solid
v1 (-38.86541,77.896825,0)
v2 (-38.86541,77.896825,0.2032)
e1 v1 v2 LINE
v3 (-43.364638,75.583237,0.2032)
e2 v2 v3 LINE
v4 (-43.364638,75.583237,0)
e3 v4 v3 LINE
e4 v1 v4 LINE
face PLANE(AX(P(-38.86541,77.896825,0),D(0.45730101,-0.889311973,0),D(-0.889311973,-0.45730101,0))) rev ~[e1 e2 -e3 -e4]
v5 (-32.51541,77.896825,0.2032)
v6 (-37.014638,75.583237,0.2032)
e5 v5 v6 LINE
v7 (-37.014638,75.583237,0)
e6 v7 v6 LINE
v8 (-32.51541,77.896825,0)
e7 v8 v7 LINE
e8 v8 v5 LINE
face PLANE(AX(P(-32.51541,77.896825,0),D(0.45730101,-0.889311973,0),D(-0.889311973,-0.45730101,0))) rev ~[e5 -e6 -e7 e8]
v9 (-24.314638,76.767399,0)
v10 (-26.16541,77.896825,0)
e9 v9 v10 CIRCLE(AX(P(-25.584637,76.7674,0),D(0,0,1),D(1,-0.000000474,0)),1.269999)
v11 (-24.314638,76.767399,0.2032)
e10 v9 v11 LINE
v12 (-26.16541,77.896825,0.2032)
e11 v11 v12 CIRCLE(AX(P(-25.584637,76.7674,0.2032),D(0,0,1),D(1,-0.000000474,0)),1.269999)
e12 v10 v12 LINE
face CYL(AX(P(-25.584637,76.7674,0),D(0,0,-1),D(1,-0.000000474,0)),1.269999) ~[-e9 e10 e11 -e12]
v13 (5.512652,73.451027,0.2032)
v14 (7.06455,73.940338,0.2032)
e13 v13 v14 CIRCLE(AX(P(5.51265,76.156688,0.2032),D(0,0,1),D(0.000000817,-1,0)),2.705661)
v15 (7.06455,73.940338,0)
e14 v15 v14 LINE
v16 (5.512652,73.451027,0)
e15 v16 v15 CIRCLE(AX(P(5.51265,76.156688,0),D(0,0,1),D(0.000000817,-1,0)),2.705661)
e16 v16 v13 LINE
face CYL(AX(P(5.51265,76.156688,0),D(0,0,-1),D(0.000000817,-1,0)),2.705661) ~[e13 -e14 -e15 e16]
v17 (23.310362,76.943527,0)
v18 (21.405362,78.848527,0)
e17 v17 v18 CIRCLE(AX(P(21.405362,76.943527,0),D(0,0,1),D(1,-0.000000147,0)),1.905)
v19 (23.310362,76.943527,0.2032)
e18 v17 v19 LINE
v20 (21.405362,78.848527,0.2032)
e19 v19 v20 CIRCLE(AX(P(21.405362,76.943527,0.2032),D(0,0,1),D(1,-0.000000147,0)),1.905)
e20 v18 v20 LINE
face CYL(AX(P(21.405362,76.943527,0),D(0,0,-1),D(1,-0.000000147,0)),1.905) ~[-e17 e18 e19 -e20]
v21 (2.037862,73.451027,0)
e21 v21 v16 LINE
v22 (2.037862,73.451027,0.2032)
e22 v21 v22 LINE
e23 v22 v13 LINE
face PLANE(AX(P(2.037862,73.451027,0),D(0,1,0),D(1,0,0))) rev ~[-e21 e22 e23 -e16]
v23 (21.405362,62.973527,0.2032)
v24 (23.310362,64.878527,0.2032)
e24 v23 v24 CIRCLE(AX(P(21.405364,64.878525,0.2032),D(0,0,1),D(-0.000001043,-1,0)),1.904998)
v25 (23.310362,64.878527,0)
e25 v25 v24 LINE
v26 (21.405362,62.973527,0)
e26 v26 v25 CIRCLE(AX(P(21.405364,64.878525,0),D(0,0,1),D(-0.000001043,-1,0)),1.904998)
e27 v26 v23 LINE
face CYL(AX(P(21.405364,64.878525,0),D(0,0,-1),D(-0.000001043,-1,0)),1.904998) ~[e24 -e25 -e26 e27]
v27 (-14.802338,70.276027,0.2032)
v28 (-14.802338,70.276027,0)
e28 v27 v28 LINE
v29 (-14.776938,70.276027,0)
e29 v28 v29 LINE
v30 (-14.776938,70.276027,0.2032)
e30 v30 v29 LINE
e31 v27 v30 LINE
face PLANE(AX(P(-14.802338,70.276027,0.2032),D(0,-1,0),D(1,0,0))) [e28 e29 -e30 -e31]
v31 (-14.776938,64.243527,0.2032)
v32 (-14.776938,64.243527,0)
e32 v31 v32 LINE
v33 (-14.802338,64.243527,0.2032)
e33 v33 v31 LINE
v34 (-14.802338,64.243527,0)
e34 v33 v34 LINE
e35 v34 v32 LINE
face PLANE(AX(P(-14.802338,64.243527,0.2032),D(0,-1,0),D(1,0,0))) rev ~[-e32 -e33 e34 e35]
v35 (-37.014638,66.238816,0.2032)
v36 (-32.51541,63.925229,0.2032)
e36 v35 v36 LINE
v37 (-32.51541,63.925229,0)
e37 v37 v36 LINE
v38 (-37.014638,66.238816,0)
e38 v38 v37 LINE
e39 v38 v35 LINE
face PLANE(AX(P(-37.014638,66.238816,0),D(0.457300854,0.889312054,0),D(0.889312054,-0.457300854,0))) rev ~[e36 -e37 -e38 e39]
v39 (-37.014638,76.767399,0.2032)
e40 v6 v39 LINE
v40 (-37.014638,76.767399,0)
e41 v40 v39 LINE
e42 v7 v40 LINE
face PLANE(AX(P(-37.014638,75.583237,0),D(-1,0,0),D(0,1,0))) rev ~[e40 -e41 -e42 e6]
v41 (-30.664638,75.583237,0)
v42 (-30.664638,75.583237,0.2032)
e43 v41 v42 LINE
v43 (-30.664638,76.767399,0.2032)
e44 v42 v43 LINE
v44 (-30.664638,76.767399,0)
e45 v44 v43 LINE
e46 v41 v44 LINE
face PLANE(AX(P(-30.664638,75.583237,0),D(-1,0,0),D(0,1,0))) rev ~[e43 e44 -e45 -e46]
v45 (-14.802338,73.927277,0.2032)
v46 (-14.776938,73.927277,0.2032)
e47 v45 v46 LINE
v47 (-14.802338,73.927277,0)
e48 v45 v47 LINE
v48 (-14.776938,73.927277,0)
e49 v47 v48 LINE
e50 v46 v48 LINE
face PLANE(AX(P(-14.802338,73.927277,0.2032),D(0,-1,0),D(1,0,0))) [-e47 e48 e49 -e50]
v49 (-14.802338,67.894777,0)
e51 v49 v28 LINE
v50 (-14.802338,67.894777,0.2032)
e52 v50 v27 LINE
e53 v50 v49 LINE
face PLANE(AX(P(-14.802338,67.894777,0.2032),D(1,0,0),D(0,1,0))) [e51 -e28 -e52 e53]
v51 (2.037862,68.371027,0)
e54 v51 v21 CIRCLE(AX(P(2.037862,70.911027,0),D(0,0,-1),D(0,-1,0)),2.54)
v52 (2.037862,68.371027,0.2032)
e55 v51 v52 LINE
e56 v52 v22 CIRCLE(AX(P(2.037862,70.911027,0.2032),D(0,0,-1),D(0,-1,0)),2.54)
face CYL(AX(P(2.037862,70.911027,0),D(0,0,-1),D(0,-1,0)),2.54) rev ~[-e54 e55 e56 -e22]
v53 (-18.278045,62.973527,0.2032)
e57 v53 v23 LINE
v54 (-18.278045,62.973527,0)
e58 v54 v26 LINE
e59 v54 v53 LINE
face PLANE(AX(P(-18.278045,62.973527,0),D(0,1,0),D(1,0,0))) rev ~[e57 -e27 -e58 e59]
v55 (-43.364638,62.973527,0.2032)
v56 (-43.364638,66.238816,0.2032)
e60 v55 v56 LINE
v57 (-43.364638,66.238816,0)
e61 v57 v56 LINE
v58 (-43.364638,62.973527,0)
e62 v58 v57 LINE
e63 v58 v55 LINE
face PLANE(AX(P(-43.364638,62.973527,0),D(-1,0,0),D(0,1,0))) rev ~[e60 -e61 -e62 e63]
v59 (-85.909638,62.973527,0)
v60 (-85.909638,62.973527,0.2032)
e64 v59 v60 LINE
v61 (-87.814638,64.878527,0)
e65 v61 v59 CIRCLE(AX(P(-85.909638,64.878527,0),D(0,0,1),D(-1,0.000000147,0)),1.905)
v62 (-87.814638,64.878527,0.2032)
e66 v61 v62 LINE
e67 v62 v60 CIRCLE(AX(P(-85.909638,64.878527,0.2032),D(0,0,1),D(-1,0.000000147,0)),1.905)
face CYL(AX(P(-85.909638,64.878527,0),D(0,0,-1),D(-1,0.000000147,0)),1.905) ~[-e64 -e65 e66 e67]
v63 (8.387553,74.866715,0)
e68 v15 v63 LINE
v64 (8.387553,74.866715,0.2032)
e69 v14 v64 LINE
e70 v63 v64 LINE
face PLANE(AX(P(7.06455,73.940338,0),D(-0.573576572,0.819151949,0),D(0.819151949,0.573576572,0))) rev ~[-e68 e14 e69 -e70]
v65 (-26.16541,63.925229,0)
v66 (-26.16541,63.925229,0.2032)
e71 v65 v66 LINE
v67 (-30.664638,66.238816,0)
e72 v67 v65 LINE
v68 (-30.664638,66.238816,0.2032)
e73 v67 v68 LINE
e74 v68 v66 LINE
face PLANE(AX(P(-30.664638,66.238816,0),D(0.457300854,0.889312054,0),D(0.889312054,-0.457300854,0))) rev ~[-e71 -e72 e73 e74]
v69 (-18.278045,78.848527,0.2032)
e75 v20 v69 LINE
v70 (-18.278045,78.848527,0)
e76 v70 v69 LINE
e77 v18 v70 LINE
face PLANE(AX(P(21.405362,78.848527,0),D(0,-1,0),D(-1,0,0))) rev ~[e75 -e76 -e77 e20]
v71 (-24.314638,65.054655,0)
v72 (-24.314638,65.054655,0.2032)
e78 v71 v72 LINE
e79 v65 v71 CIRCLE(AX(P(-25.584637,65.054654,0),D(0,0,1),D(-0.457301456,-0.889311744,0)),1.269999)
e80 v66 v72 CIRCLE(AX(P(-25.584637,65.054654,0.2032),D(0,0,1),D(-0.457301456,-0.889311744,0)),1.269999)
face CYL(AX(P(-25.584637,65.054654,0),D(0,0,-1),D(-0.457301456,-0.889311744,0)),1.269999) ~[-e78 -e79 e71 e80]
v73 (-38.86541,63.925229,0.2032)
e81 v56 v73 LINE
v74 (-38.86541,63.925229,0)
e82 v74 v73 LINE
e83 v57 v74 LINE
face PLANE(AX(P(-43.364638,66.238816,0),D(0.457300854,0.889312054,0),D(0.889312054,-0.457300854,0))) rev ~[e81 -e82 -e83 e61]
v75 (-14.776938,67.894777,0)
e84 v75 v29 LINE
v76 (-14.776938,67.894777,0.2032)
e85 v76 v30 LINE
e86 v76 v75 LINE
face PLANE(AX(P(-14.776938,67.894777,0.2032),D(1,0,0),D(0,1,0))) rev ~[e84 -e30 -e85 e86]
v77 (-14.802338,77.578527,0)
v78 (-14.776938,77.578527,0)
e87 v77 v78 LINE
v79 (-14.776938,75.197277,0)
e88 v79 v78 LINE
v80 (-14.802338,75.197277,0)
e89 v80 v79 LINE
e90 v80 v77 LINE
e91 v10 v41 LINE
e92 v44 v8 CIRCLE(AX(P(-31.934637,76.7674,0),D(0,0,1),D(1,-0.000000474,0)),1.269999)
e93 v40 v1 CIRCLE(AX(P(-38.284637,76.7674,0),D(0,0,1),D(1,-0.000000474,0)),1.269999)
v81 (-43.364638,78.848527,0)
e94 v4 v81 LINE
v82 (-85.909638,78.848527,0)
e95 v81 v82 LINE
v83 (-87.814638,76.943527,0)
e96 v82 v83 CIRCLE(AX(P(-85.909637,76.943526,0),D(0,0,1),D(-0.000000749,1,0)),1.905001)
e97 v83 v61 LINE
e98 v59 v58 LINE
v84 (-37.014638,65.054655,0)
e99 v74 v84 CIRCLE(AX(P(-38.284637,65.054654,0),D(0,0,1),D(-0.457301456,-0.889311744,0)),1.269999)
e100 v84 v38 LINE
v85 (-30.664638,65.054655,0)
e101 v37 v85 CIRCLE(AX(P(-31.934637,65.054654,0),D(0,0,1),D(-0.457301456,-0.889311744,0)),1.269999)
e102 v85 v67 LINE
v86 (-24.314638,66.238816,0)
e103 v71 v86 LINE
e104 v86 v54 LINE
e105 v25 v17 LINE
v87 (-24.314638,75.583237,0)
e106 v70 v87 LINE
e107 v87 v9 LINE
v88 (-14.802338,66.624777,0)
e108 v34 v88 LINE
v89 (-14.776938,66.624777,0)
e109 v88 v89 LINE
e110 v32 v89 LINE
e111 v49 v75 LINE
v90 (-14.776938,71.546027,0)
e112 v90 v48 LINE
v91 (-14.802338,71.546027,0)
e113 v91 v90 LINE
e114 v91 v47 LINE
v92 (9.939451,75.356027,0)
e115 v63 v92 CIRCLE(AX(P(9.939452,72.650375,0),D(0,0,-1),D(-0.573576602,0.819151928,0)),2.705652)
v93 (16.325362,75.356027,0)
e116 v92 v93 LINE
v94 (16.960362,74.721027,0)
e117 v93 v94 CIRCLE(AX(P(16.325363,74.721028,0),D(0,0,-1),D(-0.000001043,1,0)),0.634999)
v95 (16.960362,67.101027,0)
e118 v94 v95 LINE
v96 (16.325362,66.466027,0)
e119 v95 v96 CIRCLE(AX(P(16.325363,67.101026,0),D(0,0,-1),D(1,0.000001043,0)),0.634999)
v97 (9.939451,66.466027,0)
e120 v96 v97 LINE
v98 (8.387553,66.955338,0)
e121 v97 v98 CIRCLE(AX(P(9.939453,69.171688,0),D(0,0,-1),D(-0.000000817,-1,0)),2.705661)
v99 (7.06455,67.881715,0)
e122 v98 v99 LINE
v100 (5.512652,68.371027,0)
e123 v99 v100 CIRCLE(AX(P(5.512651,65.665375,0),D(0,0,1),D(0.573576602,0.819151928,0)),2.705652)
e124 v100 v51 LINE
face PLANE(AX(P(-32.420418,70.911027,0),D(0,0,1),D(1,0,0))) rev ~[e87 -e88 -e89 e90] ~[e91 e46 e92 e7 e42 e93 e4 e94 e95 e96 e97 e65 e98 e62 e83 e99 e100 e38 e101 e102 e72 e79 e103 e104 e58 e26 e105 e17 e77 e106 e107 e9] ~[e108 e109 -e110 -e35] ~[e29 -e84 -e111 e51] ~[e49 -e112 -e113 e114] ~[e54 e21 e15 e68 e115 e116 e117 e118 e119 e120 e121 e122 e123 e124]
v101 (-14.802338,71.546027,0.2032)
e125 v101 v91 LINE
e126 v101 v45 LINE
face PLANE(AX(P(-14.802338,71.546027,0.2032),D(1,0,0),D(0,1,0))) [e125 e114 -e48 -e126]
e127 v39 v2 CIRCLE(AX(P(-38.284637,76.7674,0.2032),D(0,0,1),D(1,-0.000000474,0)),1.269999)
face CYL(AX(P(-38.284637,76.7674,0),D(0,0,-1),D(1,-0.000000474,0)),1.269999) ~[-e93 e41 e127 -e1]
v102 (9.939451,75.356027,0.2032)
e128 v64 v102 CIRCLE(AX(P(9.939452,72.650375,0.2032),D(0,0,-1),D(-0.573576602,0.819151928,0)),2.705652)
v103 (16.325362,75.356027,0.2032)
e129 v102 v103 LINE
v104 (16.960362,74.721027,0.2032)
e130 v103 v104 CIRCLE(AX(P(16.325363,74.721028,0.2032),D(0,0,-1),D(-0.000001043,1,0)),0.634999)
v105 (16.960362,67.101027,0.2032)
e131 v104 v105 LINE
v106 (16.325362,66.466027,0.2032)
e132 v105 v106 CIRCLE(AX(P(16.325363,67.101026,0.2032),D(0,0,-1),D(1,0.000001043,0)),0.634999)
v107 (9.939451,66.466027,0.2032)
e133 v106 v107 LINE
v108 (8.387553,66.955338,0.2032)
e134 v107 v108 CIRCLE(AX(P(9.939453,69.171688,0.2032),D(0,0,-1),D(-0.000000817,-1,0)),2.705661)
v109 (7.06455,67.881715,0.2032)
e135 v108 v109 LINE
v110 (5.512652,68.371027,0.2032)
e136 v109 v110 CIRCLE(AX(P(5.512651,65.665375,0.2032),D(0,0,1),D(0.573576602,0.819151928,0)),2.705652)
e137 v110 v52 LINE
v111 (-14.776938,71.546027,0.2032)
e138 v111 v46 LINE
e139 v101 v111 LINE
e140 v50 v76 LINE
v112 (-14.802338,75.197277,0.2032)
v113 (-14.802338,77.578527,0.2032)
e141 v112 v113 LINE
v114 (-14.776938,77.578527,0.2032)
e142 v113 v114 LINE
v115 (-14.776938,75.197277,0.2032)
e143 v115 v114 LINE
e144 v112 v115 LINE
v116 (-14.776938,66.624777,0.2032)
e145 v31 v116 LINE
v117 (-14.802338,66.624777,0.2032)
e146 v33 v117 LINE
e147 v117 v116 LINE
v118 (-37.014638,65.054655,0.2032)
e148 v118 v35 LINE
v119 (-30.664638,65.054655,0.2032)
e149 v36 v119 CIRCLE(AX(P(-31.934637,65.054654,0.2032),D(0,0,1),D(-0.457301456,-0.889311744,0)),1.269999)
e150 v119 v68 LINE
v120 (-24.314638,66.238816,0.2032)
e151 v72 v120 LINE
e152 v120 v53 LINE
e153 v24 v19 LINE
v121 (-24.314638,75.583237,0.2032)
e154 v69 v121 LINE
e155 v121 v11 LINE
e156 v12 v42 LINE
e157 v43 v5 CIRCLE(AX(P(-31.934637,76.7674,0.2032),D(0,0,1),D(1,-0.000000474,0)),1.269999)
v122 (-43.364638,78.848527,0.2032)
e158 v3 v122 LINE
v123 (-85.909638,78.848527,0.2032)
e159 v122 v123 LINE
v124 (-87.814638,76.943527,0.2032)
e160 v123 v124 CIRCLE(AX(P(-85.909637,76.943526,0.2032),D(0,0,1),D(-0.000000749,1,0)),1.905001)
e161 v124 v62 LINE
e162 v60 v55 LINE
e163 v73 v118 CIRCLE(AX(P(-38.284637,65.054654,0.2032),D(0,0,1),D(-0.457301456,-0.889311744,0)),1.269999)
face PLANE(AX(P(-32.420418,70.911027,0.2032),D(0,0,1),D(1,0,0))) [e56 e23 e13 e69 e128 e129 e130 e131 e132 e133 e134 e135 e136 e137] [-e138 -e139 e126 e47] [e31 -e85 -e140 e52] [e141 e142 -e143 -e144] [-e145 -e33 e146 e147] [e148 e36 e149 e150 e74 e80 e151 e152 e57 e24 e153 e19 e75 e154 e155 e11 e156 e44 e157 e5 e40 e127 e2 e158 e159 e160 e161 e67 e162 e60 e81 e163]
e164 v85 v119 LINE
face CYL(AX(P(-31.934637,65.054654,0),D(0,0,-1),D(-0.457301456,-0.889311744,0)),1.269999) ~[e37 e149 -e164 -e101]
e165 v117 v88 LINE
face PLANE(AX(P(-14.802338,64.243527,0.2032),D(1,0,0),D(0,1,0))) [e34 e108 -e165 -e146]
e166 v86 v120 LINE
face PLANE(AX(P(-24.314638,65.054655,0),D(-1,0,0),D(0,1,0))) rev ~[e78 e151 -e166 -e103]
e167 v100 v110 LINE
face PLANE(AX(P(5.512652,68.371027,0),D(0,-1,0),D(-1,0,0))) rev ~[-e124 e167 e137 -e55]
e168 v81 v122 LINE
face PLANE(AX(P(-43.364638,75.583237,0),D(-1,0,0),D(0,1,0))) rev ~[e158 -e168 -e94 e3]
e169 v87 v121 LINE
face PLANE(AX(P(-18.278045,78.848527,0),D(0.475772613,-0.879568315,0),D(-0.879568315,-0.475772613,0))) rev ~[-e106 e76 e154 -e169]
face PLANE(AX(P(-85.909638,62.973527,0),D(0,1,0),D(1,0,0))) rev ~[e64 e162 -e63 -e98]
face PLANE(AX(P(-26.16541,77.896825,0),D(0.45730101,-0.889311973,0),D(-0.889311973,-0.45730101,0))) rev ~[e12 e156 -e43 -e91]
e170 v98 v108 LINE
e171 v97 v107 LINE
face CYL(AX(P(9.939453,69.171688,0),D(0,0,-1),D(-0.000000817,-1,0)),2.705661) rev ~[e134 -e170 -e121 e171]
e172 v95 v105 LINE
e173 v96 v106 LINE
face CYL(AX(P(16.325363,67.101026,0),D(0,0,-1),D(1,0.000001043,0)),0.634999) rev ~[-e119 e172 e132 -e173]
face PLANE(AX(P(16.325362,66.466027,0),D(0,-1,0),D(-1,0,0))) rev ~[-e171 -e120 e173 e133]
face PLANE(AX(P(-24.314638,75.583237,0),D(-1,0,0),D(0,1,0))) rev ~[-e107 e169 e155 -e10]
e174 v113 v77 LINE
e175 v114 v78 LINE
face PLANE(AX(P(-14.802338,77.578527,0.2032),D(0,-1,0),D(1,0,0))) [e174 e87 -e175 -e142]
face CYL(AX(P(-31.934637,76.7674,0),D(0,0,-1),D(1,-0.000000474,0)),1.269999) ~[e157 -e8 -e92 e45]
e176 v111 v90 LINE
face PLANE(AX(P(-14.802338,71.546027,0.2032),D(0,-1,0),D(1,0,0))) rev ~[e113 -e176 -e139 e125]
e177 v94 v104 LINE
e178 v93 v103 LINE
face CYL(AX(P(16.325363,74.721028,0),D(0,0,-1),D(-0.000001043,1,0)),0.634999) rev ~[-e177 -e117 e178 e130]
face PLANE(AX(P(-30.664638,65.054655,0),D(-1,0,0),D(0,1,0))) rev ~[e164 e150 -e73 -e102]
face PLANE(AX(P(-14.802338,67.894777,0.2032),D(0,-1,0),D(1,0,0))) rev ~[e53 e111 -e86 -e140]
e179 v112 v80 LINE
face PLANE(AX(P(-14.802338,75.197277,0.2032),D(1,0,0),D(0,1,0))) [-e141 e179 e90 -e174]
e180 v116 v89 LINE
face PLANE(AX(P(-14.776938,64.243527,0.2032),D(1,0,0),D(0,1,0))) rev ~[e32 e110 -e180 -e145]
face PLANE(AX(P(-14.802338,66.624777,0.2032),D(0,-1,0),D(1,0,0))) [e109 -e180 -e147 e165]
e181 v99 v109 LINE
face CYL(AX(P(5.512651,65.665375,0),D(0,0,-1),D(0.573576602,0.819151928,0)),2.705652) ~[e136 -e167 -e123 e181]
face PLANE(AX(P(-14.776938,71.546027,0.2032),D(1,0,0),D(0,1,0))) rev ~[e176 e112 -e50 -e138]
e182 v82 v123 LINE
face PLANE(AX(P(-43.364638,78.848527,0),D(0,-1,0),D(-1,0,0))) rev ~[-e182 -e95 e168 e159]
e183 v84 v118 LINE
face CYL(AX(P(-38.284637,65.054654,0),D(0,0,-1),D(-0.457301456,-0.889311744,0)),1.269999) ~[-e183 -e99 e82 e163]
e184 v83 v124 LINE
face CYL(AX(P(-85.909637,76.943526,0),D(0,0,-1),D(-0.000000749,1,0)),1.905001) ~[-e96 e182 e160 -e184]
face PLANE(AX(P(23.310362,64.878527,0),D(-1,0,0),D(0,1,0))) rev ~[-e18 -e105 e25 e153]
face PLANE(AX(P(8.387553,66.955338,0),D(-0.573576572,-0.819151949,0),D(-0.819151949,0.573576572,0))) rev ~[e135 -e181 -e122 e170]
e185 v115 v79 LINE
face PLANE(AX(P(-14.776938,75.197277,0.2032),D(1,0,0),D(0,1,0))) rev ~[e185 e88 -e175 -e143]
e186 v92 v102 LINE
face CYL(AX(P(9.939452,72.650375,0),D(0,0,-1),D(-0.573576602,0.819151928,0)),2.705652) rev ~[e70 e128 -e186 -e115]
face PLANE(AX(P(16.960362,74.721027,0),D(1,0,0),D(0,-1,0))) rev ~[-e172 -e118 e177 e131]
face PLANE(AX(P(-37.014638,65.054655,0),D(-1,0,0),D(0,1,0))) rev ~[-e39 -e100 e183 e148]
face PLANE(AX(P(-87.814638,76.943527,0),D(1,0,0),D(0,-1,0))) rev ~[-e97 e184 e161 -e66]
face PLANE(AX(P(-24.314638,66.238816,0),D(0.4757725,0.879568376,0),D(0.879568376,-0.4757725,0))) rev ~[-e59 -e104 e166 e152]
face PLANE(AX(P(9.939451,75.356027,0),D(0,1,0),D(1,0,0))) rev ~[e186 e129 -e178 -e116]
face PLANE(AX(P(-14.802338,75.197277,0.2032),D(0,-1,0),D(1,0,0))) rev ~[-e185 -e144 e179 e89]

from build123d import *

# Parameters (mm, degrees)
F1_DEPTH = 0.2032
F2_W     = 0.0254
F2_H     = 2.38125
F3_DEPTH = 25.4


with BuildPart() as f1:
    # F0 (on Top) → F1 (new body)
    with BuildSketch(Plane.XY):
        with BuildLine():
            Line((-50.984638, 78.848527), (-85.909638, 78.848527))
            ThreePointArc((-85.909638, 78.848527), (-87.256676, 78.290565), (-87.814638, 76.943527))
            Line((-87.814638, 76.943527), (-87.814638, 64.878527))
            ThreePointArc((-87.814638, 64.878527), (-87.256676, 63.531488), (-85.909638, 62.973527))
            Line((-85.909638, 62.973527), (-50.984638, 62.973527))
            Line((-50.984638, 62.973527), (-43.364638, 62.973527))
            Line((-43.364638, 62.973527), (-43.364638, 65.054655))
            Line((-43.364638, 65.054655), (-43.364638, 66.238816))
            Line((-43.364638, 66.238816), (-38.86541, 63.925229))
            ThreePointArc((-38.86541, 63.925229), (-37.623079, 63.97057), (-37.014638, 65.054655))
            Line((-37.014638, 65.054655), (-37.014638, 66.238816))
            Line((-37.014638, 66.238816), (-32.51541, 63.925229))
            ThreePointArc((-32.51541, 63.925229), (-31.273079, 63.97057), (-30.664638, 65.054655))
            Line((-30.664638, 65.054655), (-30.664638, 66.238816))
            Line((-30.664638, 66.238816), (-26.16541, 63.925229))
            ThreePointArc((-26.16541, 63.925229), (-24.923079, 63.97057), (-24.314638, 65.054655))
            Line((-24.314638, 65.054655), (-24.314638, 66.238816))
            Line((-24.314638, 66.238816), (-18.278045, 62.973527))
            Line((-18.278045, 62.973527), (21.405362, 62.973527))
            ThreePointArc((21.405362, 62.973527), (22.752401, 63.531488), (23.310362, 64.878527))
            Line((23.310362, 64.878527), (23.310362, 76.943527))
            ThreePointArc((23.310362, 76.943527), (22.752401, 78.290565), (21.405362, 78.848527))
            Line((21.405362, 78.848527), (-18.278045, 78.848527))
            Line((-18.278045, 78.848527), (-24.314638, 75.583237))
            Line((-24.314638, 75.583237), (-24.314638, 76.767399))
            ThreePointArc((-24.314638, 76.767399), (-24.923079, 77.851484), (-26.16541, 77.896825))
            Line((-26.16541, 77.896825), (-30.664638, 75.583237))
            Line((-30.664638, 75.583237), (-30.664638, 76.767399))
            ThreePointArc((-30.664638, 76.767399), (-31.273079, 77.851484), (-32.51541, 77.896825))
            Line((-32.51541, 77.896825), (-37.014638, 75.583237))
            Line((-37.014638, 75.583237), (-37.014638, 76.767399))
            ThreePointArc((-37.014638, 76.767399), (-37.623079, 77.851484), (-38.86541, 77.896825))
            Line((-38.86541, 77.896825), (-43.364638, 75.583237))
            Line((-43.364638, 75.583237), (-43.364638, 76.767399))
            Line((-43.364638, 76.767399), (-43.364638, 78.848527))
            Line((-43.364638, 78.848527), (-50.984638, 78.848527))
        make_face()
        with BuildLine():
            ThreePointArc((16.325362, 75.356027), (16.774375, 75.17004), (16.960362, 74.721027))
            Line((16.960362, 74.721027), (16.960362, 67.101027))
            ThreePointArc((16.960362, 67.101027), (16.774375, 66.652014), (16.325362, 66.466027))
            Line((16.325362, 66.466027), (9.939451, 66.466027))
            ThreePointArc((9.939451, 66.466027), (9.125846, 66.591253), (8.387553, 66.955338))
            Line((8.387553, 66.955338), (7.06455, 67.881715))
            ThreePointArc((7.06455, 67.881715), (6.326257, 68.245801), (5.512652, 68.371027))
            Line((5.512652, 68.371027), (2.037862, 68.371027))
            ThreePointArc((2.037862, 68.371027), (-0.502138, 70.911027), (2.037862, 73.451027))
            Line((2.037862, 73.451027), (5.512652, 73.451027))
            ThreePointArc((5.512652, 73.451027), (6.326257, 73.576253), (7.06455, 73.940338))
            Line((7.06455, 73.940338), (8.387553, 74.866715))
            ThreePointArc((8.387553, 74.866715), (9.125846, 75.230801), (9.939451, 75.356027))
            Line((9.939451, 75.356027), (16.325362, 75.356027))
        make_face(mode=Mode.SUBTRACT)
    extrude(amount=F1_DEPTH)

    # F2 (on face) → F3 (cut)
    with BuildSketch(Plane.XY.offset(0.2032)):
        with Locations((-14.789638, 76.387902)):
            Rectangle(F2_W, F2_H)
        with Locations((-14.789638, 72.736652)):
            Rectangle(F2_W, F2_H)
        with Locations((-14.789638, 69.085402)):
            Rectangle(F2_W, F2_H)
        with Locations((-14.789638, 65.434152)):
            Rectangle(F2_W, F2_H)
    extrude(amount=-F3_DEPTH, mode=Mode.SUBTRACT)


solid = f1.part
